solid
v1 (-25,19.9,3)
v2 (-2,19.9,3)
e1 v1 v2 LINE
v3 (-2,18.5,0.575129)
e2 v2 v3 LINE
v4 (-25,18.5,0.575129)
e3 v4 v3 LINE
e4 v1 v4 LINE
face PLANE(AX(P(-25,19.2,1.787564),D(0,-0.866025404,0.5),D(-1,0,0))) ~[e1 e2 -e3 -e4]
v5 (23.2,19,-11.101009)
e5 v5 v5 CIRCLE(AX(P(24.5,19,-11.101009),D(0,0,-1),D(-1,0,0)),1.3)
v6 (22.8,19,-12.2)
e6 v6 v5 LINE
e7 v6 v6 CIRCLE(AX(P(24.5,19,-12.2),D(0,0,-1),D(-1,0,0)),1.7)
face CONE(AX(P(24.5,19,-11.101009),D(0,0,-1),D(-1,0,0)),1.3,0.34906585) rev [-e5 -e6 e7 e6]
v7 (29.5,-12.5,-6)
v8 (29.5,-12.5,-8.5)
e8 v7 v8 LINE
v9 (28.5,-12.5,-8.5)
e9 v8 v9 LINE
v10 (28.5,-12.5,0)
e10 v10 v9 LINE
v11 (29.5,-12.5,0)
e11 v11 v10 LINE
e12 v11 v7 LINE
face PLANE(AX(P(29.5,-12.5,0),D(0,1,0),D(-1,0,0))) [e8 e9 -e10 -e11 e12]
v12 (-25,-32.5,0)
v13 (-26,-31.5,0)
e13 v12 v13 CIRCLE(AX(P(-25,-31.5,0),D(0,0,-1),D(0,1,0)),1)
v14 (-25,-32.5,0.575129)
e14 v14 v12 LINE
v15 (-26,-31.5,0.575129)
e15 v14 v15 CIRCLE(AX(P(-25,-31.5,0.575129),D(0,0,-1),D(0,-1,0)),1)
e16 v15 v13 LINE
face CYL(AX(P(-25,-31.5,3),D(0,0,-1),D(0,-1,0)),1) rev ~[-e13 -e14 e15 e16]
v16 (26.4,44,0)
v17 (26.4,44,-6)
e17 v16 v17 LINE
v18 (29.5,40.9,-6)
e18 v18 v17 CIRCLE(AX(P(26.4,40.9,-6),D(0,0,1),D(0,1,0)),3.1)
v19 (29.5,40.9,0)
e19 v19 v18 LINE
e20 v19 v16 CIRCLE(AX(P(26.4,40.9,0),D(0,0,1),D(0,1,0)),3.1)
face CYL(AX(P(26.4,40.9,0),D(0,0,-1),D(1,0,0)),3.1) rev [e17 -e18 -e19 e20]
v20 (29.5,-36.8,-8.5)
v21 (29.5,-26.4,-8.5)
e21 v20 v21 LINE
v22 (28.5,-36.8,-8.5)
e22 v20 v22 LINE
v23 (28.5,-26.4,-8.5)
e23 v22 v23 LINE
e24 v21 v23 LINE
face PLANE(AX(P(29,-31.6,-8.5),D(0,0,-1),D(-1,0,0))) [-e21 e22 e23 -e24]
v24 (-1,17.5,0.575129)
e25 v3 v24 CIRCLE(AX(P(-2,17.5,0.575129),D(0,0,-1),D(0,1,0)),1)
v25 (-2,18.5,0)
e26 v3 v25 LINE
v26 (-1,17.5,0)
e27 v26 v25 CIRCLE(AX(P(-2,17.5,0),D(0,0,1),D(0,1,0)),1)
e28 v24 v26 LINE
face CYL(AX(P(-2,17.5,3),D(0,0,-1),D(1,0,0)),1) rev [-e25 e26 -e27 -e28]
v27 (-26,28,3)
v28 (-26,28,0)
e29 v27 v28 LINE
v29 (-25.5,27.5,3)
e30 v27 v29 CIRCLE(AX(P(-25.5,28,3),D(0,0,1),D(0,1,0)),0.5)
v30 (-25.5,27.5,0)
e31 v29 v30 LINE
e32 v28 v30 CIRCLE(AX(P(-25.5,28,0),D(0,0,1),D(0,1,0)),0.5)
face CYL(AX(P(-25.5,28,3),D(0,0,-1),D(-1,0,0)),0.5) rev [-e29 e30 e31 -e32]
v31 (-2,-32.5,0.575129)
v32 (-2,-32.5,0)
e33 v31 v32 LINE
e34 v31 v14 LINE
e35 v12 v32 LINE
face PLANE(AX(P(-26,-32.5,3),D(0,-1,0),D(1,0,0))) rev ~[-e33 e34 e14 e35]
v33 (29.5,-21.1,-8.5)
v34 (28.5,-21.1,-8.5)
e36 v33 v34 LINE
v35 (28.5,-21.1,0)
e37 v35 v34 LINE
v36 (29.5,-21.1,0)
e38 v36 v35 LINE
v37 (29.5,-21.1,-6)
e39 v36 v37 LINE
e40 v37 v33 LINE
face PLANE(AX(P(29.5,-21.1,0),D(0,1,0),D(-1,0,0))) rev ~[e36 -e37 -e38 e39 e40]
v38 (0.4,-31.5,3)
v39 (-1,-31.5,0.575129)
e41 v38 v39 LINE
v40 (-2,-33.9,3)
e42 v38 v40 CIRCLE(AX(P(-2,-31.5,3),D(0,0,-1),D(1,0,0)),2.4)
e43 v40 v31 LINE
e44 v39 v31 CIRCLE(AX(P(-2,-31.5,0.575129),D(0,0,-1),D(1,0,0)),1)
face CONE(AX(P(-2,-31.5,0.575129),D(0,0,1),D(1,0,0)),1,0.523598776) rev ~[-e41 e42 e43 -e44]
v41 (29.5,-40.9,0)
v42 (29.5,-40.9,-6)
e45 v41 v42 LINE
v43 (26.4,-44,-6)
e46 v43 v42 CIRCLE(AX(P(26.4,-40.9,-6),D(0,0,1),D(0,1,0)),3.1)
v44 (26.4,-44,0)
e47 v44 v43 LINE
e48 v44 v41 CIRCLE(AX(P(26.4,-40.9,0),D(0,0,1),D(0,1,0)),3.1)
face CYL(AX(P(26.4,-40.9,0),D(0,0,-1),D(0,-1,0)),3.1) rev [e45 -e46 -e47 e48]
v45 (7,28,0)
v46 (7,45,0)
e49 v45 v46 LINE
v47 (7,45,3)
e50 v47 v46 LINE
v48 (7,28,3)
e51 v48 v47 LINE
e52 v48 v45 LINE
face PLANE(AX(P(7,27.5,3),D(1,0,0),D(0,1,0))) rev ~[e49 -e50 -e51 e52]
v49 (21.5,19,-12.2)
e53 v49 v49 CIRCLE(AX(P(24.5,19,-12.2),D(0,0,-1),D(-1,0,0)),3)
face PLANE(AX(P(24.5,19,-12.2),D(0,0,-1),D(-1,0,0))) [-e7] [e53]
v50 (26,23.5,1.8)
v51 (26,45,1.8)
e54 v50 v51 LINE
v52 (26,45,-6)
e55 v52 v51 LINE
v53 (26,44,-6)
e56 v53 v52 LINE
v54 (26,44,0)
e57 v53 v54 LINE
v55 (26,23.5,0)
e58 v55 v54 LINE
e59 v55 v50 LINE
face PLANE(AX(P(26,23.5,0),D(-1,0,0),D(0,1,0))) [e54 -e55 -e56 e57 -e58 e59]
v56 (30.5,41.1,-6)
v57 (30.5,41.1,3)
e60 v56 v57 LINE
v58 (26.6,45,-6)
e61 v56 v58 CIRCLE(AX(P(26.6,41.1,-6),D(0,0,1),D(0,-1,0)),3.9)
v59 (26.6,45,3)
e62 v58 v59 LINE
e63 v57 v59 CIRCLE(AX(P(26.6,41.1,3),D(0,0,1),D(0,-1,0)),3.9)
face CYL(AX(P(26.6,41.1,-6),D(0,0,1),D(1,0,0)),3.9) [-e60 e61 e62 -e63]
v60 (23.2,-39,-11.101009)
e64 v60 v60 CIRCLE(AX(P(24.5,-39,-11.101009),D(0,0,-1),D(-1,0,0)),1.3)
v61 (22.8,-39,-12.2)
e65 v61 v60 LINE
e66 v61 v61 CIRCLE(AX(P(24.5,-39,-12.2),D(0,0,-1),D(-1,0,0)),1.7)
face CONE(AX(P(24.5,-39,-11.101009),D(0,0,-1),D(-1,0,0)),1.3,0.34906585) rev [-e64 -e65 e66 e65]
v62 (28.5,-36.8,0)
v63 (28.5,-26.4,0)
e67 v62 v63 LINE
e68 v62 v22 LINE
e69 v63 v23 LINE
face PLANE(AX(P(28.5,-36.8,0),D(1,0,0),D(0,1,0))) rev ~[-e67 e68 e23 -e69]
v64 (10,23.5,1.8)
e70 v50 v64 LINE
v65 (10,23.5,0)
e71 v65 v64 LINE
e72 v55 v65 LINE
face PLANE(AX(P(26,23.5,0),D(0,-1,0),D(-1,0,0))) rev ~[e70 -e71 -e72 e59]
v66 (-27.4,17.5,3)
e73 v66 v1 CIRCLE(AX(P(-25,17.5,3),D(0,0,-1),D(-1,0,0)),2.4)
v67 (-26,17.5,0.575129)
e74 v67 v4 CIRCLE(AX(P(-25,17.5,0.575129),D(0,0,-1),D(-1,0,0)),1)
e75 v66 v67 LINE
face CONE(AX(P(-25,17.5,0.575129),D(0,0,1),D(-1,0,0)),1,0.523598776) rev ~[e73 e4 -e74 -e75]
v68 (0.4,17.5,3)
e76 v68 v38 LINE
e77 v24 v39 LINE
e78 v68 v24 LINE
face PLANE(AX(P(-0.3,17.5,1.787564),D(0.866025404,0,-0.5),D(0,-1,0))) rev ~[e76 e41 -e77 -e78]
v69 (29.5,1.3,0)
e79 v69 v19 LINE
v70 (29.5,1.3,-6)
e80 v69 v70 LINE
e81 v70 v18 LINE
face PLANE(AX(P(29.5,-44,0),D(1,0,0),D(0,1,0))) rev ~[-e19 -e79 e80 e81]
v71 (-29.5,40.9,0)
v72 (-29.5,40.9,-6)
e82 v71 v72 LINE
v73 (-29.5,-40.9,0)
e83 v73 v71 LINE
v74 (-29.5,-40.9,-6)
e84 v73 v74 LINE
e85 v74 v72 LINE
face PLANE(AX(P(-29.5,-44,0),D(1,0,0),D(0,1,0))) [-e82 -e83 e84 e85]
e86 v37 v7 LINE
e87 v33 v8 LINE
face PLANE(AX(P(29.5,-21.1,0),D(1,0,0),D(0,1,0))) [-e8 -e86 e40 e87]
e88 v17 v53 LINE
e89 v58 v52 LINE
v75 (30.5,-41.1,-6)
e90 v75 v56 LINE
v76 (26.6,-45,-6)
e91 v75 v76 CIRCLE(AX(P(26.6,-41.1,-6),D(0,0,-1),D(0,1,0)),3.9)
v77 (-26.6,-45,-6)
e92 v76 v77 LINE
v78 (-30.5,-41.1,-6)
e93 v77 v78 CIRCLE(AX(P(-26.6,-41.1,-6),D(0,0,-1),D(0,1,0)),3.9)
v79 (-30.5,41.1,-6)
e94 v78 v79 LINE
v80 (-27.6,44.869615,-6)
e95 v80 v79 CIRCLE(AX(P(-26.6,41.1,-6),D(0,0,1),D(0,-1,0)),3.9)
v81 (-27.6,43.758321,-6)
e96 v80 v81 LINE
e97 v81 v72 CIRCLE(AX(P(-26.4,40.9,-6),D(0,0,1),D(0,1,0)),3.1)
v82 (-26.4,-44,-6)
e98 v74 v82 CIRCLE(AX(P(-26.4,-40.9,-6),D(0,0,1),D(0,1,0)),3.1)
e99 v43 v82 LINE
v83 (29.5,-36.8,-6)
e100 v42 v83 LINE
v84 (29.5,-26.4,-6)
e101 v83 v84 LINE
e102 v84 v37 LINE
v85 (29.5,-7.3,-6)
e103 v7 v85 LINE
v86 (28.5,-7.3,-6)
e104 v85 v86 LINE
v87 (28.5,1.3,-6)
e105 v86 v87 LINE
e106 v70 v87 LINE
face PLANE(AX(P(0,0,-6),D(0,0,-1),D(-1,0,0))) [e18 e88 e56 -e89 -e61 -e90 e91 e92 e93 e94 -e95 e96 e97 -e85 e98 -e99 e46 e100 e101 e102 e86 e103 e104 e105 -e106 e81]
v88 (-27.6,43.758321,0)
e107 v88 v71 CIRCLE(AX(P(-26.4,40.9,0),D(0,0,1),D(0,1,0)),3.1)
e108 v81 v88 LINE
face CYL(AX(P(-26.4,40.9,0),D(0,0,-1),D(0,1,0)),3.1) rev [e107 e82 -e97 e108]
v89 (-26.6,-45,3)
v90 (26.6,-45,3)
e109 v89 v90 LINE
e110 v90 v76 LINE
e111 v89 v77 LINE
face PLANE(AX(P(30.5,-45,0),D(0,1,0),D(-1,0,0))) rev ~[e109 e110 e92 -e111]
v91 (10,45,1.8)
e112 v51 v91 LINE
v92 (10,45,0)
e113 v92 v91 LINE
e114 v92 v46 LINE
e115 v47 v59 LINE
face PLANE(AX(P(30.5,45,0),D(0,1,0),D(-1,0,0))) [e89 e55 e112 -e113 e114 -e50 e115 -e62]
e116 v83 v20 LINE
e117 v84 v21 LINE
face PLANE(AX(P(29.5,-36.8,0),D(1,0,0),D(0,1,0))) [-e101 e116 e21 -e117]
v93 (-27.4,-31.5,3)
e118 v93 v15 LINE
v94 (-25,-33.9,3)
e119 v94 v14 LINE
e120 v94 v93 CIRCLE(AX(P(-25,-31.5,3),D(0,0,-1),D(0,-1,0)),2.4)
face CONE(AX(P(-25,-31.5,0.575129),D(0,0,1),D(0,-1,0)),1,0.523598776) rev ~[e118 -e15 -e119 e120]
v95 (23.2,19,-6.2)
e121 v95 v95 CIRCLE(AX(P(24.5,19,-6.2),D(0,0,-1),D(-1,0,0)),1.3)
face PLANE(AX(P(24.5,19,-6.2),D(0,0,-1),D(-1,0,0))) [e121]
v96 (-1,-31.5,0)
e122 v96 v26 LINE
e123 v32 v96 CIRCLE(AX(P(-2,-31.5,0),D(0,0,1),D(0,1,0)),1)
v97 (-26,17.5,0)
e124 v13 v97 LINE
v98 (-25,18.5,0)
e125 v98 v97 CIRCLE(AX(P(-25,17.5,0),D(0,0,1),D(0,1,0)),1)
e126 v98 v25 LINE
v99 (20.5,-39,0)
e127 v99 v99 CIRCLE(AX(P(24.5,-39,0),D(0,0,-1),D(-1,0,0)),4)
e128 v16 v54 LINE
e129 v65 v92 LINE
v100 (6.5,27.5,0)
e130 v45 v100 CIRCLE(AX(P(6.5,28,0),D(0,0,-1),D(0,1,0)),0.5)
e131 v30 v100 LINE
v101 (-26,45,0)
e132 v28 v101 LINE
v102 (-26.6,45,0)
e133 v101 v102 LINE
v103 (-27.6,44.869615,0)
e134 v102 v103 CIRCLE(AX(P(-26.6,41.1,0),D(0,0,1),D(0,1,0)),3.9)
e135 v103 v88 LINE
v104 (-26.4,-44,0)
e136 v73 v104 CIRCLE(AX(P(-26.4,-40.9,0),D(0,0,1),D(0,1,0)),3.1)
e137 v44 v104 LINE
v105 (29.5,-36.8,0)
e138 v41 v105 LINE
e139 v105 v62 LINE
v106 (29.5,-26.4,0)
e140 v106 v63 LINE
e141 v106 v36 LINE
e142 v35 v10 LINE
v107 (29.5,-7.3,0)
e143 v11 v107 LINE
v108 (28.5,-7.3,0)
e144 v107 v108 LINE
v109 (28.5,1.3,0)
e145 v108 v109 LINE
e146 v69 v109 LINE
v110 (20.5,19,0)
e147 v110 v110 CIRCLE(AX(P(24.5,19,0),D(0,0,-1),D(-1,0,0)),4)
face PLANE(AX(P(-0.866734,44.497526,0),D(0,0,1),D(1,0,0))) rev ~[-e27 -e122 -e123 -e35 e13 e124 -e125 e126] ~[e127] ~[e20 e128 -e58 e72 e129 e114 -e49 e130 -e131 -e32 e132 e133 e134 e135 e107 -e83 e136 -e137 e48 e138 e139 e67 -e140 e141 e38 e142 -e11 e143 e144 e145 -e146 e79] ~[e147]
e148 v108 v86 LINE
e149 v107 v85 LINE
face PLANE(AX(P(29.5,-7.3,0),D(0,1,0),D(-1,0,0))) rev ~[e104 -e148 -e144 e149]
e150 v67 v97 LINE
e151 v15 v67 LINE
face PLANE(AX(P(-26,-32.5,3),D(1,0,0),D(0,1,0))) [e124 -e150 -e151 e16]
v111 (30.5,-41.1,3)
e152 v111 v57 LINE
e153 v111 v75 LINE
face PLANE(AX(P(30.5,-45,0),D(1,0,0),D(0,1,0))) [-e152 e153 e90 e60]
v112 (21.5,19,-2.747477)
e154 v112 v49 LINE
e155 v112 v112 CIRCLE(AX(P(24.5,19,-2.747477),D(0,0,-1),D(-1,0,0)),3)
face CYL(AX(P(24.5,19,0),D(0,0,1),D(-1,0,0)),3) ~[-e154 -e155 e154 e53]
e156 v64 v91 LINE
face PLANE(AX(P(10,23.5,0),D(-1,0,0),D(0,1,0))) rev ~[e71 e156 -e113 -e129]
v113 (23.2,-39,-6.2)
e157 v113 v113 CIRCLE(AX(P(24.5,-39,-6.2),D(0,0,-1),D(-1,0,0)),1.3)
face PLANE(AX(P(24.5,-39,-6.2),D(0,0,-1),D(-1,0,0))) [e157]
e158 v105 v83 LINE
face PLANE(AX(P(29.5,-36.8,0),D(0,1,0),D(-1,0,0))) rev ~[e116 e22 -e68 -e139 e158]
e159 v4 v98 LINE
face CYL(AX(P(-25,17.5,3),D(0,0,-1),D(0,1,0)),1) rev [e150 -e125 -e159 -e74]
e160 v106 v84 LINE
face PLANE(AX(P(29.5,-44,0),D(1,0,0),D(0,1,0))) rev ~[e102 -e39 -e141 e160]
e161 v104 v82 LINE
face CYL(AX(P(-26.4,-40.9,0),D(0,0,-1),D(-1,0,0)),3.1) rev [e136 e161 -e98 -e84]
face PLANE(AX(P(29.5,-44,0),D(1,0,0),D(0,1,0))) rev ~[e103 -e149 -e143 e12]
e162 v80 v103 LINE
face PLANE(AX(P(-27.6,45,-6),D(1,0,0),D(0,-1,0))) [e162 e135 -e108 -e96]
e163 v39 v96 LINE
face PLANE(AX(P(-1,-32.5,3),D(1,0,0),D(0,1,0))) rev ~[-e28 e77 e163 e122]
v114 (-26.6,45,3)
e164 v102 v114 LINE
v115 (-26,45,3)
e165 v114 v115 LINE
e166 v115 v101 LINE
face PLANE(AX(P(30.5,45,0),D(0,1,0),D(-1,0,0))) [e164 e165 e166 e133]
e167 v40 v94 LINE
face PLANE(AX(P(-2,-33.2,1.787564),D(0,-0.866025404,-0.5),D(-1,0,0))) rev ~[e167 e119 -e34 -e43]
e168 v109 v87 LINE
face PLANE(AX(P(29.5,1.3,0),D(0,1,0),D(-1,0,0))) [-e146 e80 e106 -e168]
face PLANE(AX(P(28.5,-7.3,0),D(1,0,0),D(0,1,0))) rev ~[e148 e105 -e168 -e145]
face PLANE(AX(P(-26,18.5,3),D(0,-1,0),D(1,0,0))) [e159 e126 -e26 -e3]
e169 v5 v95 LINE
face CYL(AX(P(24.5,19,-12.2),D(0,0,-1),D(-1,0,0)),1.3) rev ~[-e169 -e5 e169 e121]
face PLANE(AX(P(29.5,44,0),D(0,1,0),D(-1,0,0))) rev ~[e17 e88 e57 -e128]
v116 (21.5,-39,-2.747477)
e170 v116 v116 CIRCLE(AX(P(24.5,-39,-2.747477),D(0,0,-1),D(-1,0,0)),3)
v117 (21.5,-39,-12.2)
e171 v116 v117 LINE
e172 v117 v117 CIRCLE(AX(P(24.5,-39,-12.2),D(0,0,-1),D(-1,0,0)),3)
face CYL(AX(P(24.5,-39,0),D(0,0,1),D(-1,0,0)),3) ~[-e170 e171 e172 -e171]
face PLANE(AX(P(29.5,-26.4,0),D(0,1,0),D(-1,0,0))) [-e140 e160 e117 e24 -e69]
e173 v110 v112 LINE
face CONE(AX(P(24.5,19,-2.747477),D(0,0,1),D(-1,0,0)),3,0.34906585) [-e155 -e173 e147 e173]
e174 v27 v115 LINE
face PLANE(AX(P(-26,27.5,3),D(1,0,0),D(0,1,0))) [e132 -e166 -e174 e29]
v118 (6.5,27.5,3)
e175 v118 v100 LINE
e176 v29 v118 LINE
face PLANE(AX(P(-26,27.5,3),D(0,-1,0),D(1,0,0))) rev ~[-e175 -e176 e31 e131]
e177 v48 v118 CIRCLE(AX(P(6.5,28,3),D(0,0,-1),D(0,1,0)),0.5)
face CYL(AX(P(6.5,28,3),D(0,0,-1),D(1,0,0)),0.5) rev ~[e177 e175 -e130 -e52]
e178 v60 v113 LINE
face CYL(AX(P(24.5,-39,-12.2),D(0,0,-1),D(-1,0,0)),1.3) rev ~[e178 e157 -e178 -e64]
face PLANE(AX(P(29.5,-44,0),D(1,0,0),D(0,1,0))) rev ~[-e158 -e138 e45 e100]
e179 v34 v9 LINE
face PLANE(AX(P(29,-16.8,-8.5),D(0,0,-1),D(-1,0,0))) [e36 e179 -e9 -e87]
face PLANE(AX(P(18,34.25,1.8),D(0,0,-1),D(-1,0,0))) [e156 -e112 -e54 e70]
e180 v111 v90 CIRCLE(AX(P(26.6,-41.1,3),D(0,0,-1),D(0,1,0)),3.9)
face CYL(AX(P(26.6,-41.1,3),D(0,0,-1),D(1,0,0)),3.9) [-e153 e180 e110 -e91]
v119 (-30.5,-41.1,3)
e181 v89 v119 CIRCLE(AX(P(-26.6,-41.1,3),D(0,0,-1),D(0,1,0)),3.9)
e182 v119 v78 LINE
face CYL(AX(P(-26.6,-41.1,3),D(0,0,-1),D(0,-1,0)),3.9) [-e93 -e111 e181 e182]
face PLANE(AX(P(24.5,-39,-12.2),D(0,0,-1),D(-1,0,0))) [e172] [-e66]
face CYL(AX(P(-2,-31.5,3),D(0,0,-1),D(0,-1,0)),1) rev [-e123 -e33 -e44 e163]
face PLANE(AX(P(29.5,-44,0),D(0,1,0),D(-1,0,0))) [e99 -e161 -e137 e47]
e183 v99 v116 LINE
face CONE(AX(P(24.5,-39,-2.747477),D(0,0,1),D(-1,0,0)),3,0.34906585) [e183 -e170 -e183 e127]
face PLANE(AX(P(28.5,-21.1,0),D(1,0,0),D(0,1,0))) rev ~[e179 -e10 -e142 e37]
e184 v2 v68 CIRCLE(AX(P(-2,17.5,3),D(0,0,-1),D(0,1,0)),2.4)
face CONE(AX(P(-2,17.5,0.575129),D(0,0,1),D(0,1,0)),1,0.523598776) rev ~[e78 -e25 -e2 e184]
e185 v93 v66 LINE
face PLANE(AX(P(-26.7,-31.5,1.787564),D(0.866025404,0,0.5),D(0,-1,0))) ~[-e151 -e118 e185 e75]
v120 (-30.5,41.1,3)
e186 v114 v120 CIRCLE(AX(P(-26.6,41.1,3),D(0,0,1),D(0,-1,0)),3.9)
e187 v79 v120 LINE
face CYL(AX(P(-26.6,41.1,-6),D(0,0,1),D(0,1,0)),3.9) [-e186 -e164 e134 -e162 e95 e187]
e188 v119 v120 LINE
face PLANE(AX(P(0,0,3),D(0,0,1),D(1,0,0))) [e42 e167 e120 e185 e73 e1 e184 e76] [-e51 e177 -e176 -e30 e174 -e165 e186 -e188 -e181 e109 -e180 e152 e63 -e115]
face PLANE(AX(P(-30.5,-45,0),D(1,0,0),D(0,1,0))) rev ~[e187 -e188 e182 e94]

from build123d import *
from OCP.BRepFilletAPI import BRepFilletAPI_MakeChamfer

# Parameters (mm, degrees)
SKETCH_1_W          = 61
SKETCH_1_H          = 90
EXTRUDE_1_DEPTH     = 3
SKETCH_3_W          = 25
SKETCH_3_H          = 51
CUT_EXTRUDE_1_DEPTH = 3
FILLET_1_R          = 1
CHAMFER_1_SIZE      = 1.4
CHAMFER_1_SIZE2     = 2.424871131
SKETCH_7_R          = 3
EXTRUDE_2_DEPTH     = 12.2
CHAMFER_2_SIZE      = 1
CHAMFER_2_SIZE2     = 2.747477419
SKETCH_8_R          = 1.3
CUT_EXTRUDE_2_DEPTH = 6
CHAMFER_3_SIZE      = 0.4
CHAMFER_3_SIZE2     = 1.098990968
SKETCH_10_W         = 1
SKETCH_10_H         = 10.4
SKETCH_10_H_2       = 8.6
EXTRUDE_3_DEPTH     = 8.5
SKETCH_11_W         = 61
SKETCH_11_H         = 90
SKETCH_11_W_2       = 59
SKETCH_11_H_2       = 88
EXTRUDE_4_DEPTH     = 6
FILLET_2_R          = 3.1
FILLET_3_R          = 3.9
CUT_EXTRUDE_3_DEPTH = 6
SKETCH_13_W         = 33
SKETCH_13_H         = 17.5
CUT_EXTRUDE_4_DEPTH = 3
FILLET_4_R          = 0.5
SKETCH_14_W         = 16
SKETCH_14_H         = 21.5
CUT_EXTRUDE_5_DEPTH = 1.8
SKETCH_15_W         = 2.5
SKETCH_15_H         = 8.6
CUT_EXTRUDE_6_DEPTH = 1


with BuildPart() as part:
    # 草图1 → 凸台-拉伸1 (new body)
    with BuildSketch(Plane.XY):
        Rectangle(SKETCH_1_W, SKETCH_1_H)
    extrude(amount=EXTRUDE_1_DEPTH)

    # 草图3 → 切除-拉伸1 (cut)
    with BuildSketch(Plane.XY.offset(3)):
        with Locations((-13.5, -7)):
            Rectangle(SKETCH_3_W, SKETCH_3_H)
    extrude(amount=-CUT_EXTRUDE_1_DEPTH, mode=Mode.SUBTRACT)

    # 圆角1
    fillet_1_edges = [part.edges().sort_by_distance(p)[0] for p in [
        (-1, -32.5, 1.5),
        (-1, 18.5, 1.5),
        (-26, 18.5, 1.5),
        (-26, -32.5, 1.5),
    ]]
    fillet(fillet_1_edges, radius=FILLET_1_R)

    # 倒角1
    chamfer_1_edges = [part.edges().sort_by_distance(p)[0] for p in [
        (-13.5, 18.5, 3),
        (-1, -7, 3),
        (-13.5, -32.5, 3),
        (-26, -7, 3),
        (-1.292893219, 18.207106781, 3),
        (-1.292893219, -32.207106781, 3),
        (-25.707106781, -32.207106781, 3),
        (-25.707106781, 18.207106781, 3),
    ]]
    chamfer_1_side = [part.faces().sort_by_distance(p)[0] for p in [
        (4.080049622, 2.115581285, 3),
    ]]
    chamfer(chamfer_1_edges, length=CHAMFER_1_SIZE, length2=CHAMFER_1_SIZE2, reference=chamfer_1_side[0])

    # 草图7 → 凸台-拉伸2 (add)
    with BuildSketch(Plane(origin=(0, 0, 0), x_dir=(-1, 0, 0), z_dir=(0, 0, -1))):
        with Locations((-24.5, -39)):
            Circle(SKETCH_7_R)
        with Locations((-24.5, 19)):
            Circle(SKETCH_7_R)
    extrude(amount=EXTRUDE_2_DEPTH)

    # 倒角2
    chamfer_2_edges = [part.edges().sort_by_distance(p)[0] for p in [
        (27.5, -39, 0),
        (27.5, 19, 0),
    ]]
    chamfer_2_side = [part.faces().sort_by_distance(p)[0] for p in [
        (3.802426395, 2.28030092, 0),
    ]]
    chamfer(chamfer_2_edges, length=CHAMFER_2_SIZE, length2=CHAMFER_2_SIZE2, reference=chamfer_2_side[0])

    # 草图8 → 切除-拉伸2 (cut)
    with BuildSketch(Plane(origin=(0, 0, -12.2), x_dir=(-1, 0, 0), z_dir=(0, 0, -1))):
        with Locations((-24.5, 19)):
            Circle(SKETCH_8_R)
        with Locations((-24.5, -39)):
            Circle(SKETCH_8_R)
    extrude(amount=-CUT_EXTRUDE_2_DEPTH, mode=Mode.SUBTRACT)

    # 倒角3: one chamfer whose edges measure the first distance from different faces: ONE call of the kernel's chamfer builder (chamfer() names one face for all edges)
    chamfer_3_edges_1 = [part.edges().sort_by_distance(p)[0] for p in [
        (25.8, 19, -12.2),
    ]]
    chamfer_3_side_1 = [part.faces().sort_by_distance(p)[0] for p in [
        (27.415147186, 19, -12.2),
    ]]
    chamfer_3_edges_2 = [part.edges().sort_by_distance(p)[0] for p in [
        (25.8, -39, -12.2),
    ]]
    chamfer_3_side_2 = [part.faces().sort_by_distance(p)[0] for p in [
        (27.415147186, -39, -12.2),
    ]]
    chamfer_3 = BRepFilletAPI_MakeChamfer(part.part.solid().wrapped)
    for e in chamfer_3_edges_1:
        chamfer_3.Add(CHAMFER_3_SIZE, CHAMFER_3_SIZE2, e.wrapped, chamfer_3_side_1[0].wrapped)  # the first distance lies on this face
    for e in chamfer_3_edges_2:
        chamfer_3.Add(CHAMFER_3_SIZE, CHAMFER_3_SIZE2, e.wrapped, chamfer_3_side_2[0].wrapped)  # the first distance lies on this face
    add(Compound.cast(chamfer_3.Shape()), mode=Mode.REPLACE)

    # 草图10 → 凸台-拉伸3 (add)
    with BuildSketch(Plane(origin=(0, 0, 0), x_dir=(-1, 0, 0), z_dir=(0, 0, -1))):
        with Locations((-29, -31.6)):
            Rectangle(SKETCH_10_W, SKETCH_10_H)
        with Locations((-29, -16.8)):
            Rectangle(SKETCH_10_W, SKETCH_10_H_2)
        with Locations((-29, -3)):
            Rectangle(SKETCH_10_W, SKETCH_10_H_2)
    extrude(amount=EXTRUDE_3_DEPTH)

    # 草图11 → 凸台-拉伸4 (add)
    with BuildSketch(Plane(origin=(0, 0, 0), x_dir=(-1, 0, 0), z_dir=(0, 0, -1))):
        Rectangle(SKETCH_11_W, SKETCH_11_H)
        Rectangle(SKETCH_11_W_2, SKETCH_11_H_2, mode=Mode.SUBTRACT)
    extrude(amount=EXTRUDE_4_DEPTH)

    # 圆角2
    fillet_2_edges = [part.edges().sort_by_distance(p)[0] for p in [
        (29.5, -44, -3),
        (29.5, 44, -3),
        (-29.5, -44, -3),
        (-29.5, 44, -3),
    ]]
    fillet(fillet_2_edges, radius=FILLET_2_R)

    # 圆角3
    fillet_3_edges = [part.edges().sort_by_distance(p)[0] for p in [
        (30.5, -45, -1.5),
        (-30.5, -45, -1.5),
        (-30.5, 45, -1.5),
        (30.5, 45, -1.5),
    ]]
    fillet(fillet_3_edges, radius=FILLET_3_R)

    # 草图12 → 切除-拉伸3 (cut)
    with BuildSketch(Plane(origin=(0, 0, -6), x_dir=(-1, 0, 0), z_dir=(0, 0, -1))):
        with BuildLine():
            Line((-26, 45), (27.6, 45))
            Line((27.6, 45), (27.6, 43.758321186))
            ThreePointArc((27.6, 43.758321186), (27.012047516, 43.938979736), (26.4, 44))
            Line((26.4, 44), (-26, 44))
            Line((-26, 44), (-26, 45))
        make_face()
    extrude(amount=-CUT_EXTRUDE_3_DEPTH, mode=Mode.SUBTRACT)

    # 草图13 → 切除-拉伸4 (cut)
    with BuildSketch(Plane.XY.offset(3)):
        with Locations((-9.5, 36.25)):
            Rectangle(SKETCH_13_W, SKETCH_13_H)
    extrude(amount=-CUT_EXTRUDE_4_DEPTH, mode=Mode.SUBTRACT)

    # 圆角4
    fillet_4_edges = [part.edges().sort_by_distance(p)[0] for p in [
        (7, 27.5, 1.5),
        (-26, 27.5, 1.5),
    ]]
    fillet(fillet_4_edges, radius=FILLET_4_R)

    # 草图14 → 切除-拉伸5 (cut)
    with BuildSketch(Plane(origin=(0, 0, 0), x_dir=(-1, 0, 0), z_dir=(0, 0, -1))):
        with Locations((-18, 34.25)):
            Rectangle(SKETCH_14_W, SKETCH_14_H)
    extrude(amount=-CUT_EXTRUDE_5_DEPTH, mode=Mode.SUBTRACT)

    # 草图15 → 切除-拉伸6 (cut)
    with BuildSketch(Plane(origin=(29.5, 0, 0), x_dir=(0, 0, -1), z_dir=(1, 0, 0))):
        with Locations((7.25, -3)):
            Rectangle(SKETCH_15_W, SKETCH_15_H)
    extrude(amount=-CUT_EXTRUDE_6_DEPTH, mode=Mode.SUBTRACT)


solid = part.part
